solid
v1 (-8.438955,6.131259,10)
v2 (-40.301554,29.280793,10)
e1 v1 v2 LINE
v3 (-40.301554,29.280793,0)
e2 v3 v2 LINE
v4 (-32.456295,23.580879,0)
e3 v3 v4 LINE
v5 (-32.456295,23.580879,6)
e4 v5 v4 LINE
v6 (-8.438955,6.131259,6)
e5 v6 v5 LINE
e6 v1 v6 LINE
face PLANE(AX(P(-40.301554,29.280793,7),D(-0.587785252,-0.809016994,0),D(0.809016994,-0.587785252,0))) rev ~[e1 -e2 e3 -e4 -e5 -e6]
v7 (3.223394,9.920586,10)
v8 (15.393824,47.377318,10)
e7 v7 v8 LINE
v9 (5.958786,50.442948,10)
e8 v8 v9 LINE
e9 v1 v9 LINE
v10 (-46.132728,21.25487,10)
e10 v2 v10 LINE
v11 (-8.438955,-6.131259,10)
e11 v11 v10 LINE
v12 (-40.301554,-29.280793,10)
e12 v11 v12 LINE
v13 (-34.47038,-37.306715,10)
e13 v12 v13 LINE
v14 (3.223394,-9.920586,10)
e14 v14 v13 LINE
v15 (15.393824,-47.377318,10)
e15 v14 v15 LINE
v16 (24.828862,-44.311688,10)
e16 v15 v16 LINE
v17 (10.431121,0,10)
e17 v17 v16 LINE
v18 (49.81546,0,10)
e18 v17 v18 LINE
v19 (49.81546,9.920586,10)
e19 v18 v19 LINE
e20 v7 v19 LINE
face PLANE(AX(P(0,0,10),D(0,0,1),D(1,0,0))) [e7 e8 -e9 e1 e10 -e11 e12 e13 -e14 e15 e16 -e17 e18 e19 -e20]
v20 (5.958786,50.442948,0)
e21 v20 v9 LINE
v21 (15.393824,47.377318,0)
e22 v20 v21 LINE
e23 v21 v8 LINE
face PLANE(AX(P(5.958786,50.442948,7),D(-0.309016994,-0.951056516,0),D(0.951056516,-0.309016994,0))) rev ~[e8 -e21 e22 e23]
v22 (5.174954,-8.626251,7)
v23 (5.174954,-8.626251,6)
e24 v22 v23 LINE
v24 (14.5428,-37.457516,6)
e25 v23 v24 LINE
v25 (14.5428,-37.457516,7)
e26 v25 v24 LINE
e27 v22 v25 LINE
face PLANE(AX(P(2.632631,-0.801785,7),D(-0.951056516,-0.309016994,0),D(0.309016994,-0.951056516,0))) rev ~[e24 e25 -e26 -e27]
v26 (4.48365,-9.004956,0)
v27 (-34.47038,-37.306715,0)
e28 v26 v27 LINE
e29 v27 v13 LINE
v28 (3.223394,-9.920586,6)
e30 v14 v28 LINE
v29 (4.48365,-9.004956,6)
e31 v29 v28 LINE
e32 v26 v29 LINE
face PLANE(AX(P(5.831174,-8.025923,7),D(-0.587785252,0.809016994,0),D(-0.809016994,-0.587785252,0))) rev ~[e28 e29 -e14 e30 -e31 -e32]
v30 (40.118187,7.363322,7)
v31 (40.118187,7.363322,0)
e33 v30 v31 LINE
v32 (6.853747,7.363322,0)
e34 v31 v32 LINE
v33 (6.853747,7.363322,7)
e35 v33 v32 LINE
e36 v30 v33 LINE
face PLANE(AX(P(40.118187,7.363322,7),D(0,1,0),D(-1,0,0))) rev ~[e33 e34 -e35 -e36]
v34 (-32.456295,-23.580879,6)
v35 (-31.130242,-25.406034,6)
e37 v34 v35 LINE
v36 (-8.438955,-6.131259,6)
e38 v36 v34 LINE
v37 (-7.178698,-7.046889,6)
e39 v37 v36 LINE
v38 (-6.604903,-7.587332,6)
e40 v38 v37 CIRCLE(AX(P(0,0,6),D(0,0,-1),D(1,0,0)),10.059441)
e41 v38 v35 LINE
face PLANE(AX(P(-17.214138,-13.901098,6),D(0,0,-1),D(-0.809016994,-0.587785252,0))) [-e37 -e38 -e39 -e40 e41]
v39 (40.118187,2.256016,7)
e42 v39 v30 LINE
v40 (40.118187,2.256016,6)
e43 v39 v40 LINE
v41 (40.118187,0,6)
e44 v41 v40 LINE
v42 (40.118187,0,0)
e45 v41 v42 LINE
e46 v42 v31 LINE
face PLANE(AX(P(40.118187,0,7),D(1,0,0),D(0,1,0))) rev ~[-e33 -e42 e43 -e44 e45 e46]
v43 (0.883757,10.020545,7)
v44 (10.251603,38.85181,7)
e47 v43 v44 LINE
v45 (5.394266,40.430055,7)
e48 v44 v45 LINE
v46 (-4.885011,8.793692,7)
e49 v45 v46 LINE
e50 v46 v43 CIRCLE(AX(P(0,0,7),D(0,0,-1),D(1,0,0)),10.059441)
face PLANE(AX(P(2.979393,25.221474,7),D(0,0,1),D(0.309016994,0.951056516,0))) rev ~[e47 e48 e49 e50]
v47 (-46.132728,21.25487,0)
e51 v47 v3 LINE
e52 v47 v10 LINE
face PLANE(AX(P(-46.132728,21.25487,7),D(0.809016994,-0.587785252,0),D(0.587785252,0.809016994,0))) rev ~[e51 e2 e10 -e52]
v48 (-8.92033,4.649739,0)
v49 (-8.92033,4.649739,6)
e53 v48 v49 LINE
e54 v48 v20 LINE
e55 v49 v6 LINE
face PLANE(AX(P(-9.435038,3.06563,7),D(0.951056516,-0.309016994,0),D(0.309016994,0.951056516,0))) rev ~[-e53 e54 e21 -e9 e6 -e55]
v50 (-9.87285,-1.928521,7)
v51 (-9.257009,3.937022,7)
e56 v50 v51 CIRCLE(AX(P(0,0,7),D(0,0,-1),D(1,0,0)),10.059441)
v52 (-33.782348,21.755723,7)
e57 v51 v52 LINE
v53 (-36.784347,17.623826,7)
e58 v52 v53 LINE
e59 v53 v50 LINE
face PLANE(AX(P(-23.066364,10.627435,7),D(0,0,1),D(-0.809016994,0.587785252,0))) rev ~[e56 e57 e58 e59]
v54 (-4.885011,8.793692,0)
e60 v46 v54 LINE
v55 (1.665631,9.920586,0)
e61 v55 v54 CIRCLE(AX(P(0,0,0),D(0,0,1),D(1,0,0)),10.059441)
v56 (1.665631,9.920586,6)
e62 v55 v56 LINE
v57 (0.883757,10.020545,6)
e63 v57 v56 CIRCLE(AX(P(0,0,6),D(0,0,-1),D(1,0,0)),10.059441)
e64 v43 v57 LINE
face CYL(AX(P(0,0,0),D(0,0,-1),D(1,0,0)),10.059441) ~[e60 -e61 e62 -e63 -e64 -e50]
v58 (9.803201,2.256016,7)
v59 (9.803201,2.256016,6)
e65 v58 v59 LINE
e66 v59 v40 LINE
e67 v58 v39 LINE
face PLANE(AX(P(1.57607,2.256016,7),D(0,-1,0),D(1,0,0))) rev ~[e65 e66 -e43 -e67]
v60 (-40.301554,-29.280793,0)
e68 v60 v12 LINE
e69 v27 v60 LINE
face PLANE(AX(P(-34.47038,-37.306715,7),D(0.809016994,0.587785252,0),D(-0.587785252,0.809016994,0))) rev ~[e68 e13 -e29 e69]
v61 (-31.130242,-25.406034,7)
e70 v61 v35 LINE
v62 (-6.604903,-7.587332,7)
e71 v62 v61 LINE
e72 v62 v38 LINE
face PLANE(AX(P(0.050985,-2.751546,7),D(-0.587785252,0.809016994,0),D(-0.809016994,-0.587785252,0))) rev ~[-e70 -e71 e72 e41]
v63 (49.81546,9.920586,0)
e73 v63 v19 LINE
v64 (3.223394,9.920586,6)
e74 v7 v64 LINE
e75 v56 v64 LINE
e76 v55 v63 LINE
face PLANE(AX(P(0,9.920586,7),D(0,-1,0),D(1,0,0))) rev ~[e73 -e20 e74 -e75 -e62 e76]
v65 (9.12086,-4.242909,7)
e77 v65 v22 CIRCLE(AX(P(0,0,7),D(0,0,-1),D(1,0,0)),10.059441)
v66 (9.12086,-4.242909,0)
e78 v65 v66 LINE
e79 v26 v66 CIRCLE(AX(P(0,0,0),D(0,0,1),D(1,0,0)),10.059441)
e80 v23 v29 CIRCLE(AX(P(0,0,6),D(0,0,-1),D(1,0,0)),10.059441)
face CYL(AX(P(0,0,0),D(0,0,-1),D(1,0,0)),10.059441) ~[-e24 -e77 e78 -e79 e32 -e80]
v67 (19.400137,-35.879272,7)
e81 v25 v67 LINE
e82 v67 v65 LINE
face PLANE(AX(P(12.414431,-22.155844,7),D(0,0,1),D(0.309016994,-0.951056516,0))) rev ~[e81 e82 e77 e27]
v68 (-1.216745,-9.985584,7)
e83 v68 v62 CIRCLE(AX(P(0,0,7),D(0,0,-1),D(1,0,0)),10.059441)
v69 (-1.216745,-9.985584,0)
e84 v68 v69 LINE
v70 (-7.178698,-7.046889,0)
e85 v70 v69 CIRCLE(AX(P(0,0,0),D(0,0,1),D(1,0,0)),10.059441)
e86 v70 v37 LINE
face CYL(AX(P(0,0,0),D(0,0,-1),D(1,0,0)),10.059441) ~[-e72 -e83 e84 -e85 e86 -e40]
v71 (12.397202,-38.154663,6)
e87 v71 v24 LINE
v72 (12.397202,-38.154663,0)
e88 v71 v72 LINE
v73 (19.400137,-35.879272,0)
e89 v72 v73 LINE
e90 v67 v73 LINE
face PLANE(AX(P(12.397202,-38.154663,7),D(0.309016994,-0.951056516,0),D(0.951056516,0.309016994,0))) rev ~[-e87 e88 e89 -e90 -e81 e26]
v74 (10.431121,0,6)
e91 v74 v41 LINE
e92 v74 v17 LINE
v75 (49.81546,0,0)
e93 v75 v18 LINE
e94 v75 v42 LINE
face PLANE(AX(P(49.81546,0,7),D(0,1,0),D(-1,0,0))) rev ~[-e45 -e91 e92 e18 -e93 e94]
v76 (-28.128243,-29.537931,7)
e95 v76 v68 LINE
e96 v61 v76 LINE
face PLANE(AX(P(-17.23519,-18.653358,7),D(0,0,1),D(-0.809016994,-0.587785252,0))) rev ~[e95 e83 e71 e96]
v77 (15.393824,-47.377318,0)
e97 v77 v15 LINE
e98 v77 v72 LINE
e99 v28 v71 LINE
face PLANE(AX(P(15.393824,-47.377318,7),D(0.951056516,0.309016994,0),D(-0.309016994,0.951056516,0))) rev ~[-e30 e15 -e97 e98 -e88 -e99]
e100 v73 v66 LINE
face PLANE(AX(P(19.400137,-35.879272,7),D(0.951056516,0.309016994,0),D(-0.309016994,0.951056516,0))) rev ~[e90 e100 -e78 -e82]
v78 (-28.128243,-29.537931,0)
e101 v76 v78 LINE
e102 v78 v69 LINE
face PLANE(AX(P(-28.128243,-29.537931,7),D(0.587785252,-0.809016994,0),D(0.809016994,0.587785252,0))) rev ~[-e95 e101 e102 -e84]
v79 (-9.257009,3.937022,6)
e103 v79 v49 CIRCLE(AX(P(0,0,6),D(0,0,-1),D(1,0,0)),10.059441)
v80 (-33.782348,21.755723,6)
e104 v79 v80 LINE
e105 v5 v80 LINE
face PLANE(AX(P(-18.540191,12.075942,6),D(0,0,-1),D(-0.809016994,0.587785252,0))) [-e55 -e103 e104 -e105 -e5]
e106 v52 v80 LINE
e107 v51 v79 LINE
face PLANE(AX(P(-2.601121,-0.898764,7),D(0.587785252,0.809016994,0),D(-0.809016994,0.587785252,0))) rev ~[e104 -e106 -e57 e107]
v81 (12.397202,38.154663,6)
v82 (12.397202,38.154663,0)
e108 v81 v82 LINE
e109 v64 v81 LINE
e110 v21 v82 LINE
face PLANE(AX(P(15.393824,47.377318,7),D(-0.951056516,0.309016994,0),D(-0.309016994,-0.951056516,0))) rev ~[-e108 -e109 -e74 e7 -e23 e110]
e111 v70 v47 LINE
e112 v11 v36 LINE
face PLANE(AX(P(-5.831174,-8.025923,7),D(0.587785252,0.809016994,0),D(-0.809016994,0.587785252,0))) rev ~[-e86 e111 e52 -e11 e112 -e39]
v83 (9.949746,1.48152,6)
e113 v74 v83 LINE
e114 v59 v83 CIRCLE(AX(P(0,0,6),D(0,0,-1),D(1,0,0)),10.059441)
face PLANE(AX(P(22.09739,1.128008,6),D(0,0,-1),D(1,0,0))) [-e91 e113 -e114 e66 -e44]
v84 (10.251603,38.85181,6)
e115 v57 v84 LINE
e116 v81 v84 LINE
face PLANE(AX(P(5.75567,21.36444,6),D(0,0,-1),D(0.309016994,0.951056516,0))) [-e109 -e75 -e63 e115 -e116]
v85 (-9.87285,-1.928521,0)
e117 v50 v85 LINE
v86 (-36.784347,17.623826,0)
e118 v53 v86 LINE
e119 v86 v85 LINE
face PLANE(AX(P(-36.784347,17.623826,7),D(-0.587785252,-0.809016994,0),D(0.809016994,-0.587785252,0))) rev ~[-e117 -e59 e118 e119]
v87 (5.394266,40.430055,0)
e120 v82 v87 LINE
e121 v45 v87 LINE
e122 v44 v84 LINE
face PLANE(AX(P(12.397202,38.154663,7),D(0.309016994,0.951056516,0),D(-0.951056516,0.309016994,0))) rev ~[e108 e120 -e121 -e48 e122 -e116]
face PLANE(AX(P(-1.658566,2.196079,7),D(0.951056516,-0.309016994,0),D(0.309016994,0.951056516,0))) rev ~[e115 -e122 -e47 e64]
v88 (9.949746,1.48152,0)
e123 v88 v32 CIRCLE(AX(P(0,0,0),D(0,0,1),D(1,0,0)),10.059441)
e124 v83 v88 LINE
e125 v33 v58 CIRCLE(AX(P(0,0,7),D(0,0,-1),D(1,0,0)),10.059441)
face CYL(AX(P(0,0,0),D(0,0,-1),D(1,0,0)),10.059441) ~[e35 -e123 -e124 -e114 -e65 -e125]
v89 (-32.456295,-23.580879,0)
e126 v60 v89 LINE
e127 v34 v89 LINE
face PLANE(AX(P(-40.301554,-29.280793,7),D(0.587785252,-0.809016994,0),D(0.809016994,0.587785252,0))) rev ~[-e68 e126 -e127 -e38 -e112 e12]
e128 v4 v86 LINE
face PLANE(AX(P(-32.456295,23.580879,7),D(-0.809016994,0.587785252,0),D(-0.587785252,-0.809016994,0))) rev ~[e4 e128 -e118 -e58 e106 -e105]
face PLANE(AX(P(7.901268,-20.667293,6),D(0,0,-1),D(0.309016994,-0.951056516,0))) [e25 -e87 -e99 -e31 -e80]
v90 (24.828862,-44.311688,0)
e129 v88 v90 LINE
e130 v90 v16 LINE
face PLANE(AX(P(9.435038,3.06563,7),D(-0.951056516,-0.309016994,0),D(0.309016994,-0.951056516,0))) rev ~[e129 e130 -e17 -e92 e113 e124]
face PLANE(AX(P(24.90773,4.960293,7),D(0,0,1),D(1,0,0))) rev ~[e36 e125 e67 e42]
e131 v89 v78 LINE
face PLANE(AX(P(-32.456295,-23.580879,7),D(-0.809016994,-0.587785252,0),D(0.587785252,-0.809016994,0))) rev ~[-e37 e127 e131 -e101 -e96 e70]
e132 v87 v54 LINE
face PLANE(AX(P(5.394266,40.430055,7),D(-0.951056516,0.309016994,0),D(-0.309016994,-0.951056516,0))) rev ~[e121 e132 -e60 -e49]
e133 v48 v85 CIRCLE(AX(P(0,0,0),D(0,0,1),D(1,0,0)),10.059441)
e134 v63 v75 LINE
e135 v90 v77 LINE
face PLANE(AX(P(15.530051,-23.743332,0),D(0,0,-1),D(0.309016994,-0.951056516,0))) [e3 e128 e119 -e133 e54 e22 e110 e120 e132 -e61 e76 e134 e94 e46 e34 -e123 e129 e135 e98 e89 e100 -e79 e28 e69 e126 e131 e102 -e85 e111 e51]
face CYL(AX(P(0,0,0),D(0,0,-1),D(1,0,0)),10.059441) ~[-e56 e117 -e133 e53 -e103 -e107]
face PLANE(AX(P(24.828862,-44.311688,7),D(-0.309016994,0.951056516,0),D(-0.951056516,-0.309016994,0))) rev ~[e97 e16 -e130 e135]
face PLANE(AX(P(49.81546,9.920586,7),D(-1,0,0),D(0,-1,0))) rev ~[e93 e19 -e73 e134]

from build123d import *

# Parameters (mm, degrees)
SKETCH_R           = 10.059441
PAD_DEPTH          = 10
SKETCH001_W        = 49.81546
SKETCH001_H        = 9.920586
PAD001_DEPTH       = 3
PAD002_DEPTH       = 7
SKETCH004_W        = 41.042639
SKETCH004_H        = 2.256016
PAD003_DEPTH       = 1
POLARPATTERN_COUNT = 5


with BuildPart() as part:
    # Sketch → Pad (new body)
    with BuildSketch(Plane.XY):
        Circle(SKETCH_R)
    extrude(amount=PAD_DEPTH)

    # Sketch001 (on Face3 of Pad) → Pad001 (join)
    with BuildSketch(Plane.XY.offset(10)):
        with Locations((24.90773, 4.960293)):
            Rectangle(SKETCH001_W, SKETCH001_H)
    pad001 = extrude(amount=-PAD001_DEPTH)

    # Sketch003 (on Face6 of Pad001) → Pad002 (join)
    with BuildSketch(Plane(origin=(0, 0, 7), x_dir=(1, 0, 0), z_dir=(0, 0, -1))):
        Polygon((49.81546, 0), (40.118187, 0), (40.118187, -7.363322), (0, -7.363322), (0, -9.920586), (49.81546, -9.920586), align=None)
    pad002 = extrude(amount=PAD002_DEPTH)

    # Sketch004 → Pad003 (join)
    with BuildSketch(Plane(origin=(0, 0, 7), x_dir=(1, 0, 0), z_dir=(0, 0, -1))):
        with Locations((22.09739, -1.128008)):
            Rectangle(SKETCH004_W, SKETCH004_H)
    pad003 = extrude(amount=PAD003_DEPTH)

    # PolarPattern: Pad001, Pad002, Pad003 ×5 about axis
    polarpattern_axis = Axis((0, 0, 10), (0, 0, 1))
    for i in range(1, POLARPATTERN_COUNT):
        add(pad001.rotate(polarpattern_axis, i * 360 / POLARPATTERN_COUNT))
        add(pad002.rotate(polarpattern_axis, i * 360 / POLARPATTERN_COUNT))
        add(pad003.rotate(polarpattern_axis, i * 360 / POLARPATTERN_COUNT))


solid = part.part
